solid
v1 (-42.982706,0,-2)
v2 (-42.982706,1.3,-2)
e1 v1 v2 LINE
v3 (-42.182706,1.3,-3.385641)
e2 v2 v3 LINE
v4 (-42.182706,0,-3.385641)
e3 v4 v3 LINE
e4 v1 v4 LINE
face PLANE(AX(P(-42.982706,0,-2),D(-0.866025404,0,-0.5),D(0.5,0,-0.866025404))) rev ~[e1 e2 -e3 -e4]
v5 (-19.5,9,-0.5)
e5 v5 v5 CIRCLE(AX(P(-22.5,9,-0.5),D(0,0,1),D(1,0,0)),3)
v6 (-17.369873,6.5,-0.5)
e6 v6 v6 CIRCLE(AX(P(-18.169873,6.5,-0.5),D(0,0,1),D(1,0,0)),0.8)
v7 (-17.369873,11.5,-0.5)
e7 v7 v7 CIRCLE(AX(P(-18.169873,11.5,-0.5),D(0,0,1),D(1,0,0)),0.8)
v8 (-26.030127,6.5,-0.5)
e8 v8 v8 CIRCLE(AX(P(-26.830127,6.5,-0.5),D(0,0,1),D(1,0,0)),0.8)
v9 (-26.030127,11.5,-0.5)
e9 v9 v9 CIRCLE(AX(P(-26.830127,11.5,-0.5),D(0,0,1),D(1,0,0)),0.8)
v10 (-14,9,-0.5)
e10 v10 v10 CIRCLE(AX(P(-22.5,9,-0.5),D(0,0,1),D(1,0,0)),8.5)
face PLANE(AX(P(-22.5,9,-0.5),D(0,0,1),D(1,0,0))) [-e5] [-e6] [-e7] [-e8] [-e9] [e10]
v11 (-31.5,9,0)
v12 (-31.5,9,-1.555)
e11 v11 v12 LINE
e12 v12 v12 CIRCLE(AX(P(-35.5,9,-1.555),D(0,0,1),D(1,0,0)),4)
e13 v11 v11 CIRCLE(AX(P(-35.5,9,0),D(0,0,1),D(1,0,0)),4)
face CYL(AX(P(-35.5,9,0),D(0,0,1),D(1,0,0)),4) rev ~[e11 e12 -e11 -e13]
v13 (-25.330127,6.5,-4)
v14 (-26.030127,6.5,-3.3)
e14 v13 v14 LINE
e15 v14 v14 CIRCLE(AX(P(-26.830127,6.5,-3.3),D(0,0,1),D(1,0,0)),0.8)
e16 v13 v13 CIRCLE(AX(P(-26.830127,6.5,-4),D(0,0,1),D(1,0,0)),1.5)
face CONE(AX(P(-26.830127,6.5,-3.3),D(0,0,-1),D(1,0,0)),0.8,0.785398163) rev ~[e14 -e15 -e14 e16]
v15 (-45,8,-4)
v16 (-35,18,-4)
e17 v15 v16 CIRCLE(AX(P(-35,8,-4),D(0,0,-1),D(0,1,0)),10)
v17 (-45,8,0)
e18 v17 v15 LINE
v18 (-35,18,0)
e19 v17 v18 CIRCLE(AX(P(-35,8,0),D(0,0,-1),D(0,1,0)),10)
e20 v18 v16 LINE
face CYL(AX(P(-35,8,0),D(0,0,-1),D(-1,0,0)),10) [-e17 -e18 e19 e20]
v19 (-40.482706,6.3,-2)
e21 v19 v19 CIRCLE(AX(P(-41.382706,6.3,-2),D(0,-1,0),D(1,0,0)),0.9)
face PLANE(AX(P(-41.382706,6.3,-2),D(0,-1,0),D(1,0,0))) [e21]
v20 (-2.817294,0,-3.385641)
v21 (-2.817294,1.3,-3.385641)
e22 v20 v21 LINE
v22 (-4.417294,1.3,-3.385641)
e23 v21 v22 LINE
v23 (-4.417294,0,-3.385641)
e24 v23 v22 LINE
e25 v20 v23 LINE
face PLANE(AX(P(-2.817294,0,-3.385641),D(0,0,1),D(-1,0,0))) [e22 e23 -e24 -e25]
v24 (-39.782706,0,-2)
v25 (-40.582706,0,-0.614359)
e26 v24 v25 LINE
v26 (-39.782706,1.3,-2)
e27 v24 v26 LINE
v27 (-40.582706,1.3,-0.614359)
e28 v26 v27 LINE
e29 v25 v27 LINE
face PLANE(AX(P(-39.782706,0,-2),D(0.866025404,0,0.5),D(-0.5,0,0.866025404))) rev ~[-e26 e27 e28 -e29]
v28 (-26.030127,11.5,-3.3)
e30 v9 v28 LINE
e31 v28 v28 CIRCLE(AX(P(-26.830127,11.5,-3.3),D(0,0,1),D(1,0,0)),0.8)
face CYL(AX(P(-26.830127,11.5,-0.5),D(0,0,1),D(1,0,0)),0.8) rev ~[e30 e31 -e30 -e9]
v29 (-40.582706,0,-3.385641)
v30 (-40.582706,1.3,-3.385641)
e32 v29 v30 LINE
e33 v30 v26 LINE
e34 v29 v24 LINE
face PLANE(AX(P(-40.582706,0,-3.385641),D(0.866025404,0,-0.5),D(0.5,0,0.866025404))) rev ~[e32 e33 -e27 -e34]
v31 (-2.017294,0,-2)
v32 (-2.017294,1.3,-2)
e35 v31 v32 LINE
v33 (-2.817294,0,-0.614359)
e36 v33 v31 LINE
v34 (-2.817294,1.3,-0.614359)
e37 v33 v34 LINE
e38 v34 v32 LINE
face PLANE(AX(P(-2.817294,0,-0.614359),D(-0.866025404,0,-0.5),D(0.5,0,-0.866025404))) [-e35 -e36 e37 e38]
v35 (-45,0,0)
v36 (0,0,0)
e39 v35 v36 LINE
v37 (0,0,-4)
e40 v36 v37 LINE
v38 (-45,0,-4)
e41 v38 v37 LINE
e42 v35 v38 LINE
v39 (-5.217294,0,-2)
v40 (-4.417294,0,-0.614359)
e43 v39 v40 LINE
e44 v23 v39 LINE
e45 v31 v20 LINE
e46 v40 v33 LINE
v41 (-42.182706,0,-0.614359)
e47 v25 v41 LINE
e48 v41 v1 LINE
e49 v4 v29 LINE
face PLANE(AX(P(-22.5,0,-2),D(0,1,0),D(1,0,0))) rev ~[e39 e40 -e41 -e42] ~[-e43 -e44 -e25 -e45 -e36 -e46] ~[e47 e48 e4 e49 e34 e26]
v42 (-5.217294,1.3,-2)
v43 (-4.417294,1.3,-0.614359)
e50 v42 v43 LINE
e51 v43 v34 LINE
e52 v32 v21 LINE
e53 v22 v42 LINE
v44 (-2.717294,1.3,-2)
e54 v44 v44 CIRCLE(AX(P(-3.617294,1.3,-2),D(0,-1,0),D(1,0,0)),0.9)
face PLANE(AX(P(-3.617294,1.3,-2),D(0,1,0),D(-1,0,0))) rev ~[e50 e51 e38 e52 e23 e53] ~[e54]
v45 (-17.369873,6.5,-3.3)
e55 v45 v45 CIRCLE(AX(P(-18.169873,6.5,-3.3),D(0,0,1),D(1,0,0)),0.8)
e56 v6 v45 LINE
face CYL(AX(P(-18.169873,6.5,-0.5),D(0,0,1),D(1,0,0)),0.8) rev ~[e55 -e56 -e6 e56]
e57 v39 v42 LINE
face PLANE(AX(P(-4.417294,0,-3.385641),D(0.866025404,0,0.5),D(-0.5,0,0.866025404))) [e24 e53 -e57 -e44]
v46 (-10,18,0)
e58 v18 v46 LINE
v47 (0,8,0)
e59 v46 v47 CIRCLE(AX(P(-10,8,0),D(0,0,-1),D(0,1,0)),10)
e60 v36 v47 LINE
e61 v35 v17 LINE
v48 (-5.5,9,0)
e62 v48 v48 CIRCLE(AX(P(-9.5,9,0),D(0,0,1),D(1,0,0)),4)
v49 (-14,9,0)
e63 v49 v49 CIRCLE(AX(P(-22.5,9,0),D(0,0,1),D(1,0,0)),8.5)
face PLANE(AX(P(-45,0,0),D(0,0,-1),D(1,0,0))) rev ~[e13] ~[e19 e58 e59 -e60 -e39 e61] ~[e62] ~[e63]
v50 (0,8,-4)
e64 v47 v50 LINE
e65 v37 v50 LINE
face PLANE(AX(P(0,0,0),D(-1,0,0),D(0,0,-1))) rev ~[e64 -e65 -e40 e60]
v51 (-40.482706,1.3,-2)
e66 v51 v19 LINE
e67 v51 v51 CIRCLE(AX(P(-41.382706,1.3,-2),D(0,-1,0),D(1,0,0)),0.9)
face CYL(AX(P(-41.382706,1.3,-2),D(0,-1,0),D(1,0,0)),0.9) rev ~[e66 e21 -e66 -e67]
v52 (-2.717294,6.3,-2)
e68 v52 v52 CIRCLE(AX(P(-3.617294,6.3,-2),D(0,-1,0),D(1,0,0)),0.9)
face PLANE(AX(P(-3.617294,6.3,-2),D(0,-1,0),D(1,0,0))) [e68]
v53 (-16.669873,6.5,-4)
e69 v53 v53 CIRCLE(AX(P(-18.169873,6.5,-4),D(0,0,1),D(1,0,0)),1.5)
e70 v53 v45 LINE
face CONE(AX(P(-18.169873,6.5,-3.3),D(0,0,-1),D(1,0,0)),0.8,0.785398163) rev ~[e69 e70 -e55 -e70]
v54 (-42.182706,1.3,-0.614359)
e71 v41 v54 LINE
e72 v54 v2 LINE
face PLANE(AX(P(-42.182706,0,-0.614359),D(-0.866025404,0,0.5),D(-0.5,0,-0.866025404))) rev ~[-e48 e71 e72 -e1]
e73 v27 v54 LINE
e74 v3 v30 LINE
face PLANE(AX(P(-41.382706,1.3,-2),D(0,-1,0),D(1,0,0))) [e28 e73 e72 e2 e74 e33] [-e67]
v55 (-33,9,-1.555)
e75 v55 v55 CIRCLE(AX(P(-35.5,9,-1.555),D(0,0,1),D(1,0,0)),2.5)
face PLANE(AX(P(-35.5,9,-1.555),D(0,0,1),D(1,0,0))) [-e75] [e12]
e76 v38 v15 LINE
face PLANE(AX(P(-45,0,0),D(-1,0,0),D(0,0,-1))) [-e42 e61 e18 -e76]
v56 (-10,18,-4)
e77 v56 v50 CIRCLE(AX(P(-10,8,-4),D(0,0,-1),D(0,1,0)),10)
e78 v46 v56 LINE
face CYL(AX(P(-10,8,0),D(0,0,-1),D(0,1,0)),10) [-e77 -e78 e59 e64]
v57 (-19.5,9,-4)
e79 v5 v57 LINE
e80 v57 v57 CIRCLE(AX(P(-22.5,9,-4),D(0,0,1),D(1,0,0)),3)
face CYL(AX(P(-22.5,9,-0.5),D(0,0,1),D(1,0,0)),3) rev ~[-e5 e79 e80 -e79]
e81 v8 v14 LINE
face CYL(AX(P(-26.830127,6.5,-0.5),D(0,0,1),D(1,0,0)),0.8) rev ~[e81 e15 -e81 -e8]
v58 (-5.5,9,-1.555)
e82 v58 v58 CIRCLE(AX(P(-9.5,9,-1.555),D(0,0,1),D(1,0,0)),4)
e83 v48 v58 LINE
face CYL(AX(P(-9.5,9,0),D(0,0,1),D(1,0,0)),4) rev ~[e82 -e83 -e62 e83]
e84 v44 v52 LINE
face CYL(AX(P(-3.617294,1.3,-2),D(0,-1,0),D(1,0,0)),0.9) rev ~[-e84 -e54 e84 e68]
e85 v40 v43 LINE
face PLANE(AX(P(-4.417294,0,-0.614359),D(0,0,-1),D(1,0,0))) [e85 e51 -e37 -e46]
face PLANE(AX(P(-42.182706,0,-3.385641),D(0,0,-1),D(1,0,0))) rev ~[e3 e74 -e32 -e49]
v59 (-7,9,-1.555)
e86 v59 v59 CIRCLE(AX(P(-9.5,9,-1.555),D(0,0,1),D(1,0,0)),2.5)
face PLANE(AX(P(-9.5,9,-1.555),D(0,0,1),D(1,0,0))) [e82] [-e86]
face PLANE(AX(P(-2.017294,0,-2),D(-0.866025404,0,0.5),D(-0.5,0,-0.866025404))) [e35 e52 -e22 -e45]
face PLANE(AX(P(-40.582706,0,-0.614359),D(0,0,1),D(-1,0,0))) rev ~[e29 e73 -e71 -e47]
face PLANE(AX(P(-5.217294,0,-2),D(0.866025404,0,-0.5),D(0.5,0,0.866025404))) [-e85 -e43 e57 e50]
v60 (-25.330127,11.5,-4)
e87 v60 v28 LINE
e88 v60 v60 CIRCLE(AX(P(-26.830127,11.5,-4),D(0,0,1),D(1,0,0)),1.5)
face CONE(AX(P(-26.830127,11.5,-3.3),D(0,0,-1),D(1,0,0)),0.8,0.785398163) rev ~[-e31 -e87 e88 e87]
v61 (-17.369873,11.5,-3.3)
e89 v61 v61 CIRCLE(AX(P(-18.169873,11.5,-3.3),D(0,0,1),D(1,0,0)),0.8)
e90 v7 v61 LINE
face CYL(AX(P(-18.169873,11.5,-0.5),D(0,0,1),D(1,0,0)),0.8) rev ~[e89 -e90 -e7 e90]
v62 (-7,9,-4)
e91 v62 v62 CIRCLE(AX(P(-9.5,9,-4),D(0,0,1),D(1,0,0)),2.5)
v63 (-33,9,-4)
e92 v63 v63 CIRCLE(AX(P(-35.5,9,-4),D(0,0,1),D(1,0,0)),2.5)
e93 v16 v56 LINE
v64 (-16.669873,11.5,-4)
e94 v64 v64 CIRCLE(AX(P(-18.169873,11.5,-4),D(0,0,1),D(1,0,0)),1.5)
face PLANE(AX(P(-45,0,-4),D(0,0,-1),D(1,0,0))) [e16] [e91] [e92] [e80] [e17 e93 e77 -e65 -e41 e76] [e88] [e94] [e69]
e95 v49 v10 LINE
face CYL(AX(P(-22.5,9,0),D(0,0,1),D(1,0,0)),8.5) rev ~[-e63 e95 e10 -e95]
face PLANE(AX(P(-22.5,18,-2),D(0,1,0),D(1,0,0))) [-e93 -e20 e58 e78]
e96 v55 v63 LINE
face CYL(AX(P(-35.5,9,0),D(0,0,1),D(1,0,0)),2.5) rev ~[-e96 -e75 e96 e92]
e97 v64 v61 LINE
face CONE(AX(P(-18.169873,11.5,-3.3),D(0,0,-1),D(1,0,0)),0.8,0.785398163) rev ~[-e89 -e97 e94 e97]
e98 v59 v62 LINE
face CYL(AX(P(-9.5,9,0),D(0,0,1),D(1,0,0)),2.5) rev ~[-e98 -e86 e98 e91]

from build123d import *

# Parameters (mm, degrees)
SKETCH1_W           = 45
SKETCH1_H           = 4
BOSS_EXTRUDE1_DEPTH = 18
SKETCH2_R           = 8.5
CUT_EXTRUDE2_DEPTH  = 0.5
SKETCH3_R           = 3
CUT_EXTRUDE3_DEPTH  = 4.5
SKETCH4_R           = 2.5
CUT_EXTRUDE4_DEPTH  = 5
SKETCH6_R           = 0.8
CUT_EXTRUDE6_DEPTH  = 4.5
FILLET1_R           = 10
SKETCH7_R           = 4
CUT_EXTRUDE7_DEPTH  = 1.555
CUT_EXTRUDE8_DEPTH  = 1.3
SKETCH9_R           = 0.9
CUT_EXTRUDE9_DEPTH  = 5
SKETCH10_R          = 0.9
CUT_EXTRUDE10_DEPTH = 5
CHAMFER1_SIZE       = 0.7


with BuildPart() as part:
    # Sketch1 → Boss-Extrude1 (new body)
    with BuildSketch(Plane(origin=(0, 0, 0), x_dir=(1, 0, 0), z_dir=(0, 1, 0))):
        with Locations((-22.5, 2)):
            Rectangle(SKETCH1_W, SKETCH1_H)
    extrude(amount=BOSS_EXTRUDE1_DEPTH)

    # Sketch2 → Cut-Extrude2 (cut)
    with BuildSketch(Plane.XY):
        with Locations((-22.5, 9)):
            Circle(SKETCH2_R)
    extrude(amount=-CUT_EXTRUDE2_DEPTH, mode=Mode.SUBTRACT)

    # Sketch3 → Cut-Extrude3 (cut, through all)
    with BuildSketch(Plane.XY.offset(-0.5)):
        with Locations((-22.5, 9)):
            Circle(SKETCH3_R)
    extrude(amount=-CUT_EXTRUDE3_DEPTH, mode=Mode.SUBTRACT)

    # Sketch4 → Cut-Extrude4 (cut, through all)
    with BuildSketch(Plane.XY):
        with Locations((-35.5, 9)):
            Circle(SKETCH4_R)
        with Locations((-9.5, 9)):
            Circle(SKETCH4_R)
    extrude(amount=-CUT_EXTRUDE4_DEPTH, mode=Mode.SUBTRACT)

    # Sketch6 → Cut-Extrude6 (cut, through all)
    with BuildSketch(Plane.XY.offset(-0.5)):
        with Locations((-18.169872981, 11.5)):
            Circle(SKETCH6_R)
        with Locations((-18.169872981, 6.5)):
            Circle(SKETCH6_R)
        with Locations((-26.830127019, 6.5)):
            Circle(SKETCH6_R)
        with Locations((-26.830127019, 11.5)):
            Circle(SKETCH6_R)
    extrude(amount=-CUT_EXTRUDE6_DEPTH, mode=Mode.SUBTRACT)

    # Fillet1
    fillet1_edges = [part.edges().sort_by_distance(p)[0] for p in [
        (-45, 18, -2),
        (0, 18, -2),
    ]]
    fillet(fillet1_edges, radius=FILLET1_R)

    # Sketch7 → Cut-Extrude7 (cut)
    with BuildSketch(Plane.XY):
        with Locations((-35.5, 9)):
            Circle(SKETCH7_R)
        with Locations((-9.5, 9)):
            Circle(SKETCH7_R)
    extrude(amount=-CUT_EXTRUDE7_DEPTH, mode=Mode.SUBTRACT)

    # Sketch8 → Cut-Extrude8 (cut)
    with BuildSketch(Plane.XZ):
        Polygon((-5.217293911, -2), (-4.417293911, -0.614359354), (-2.817293911, -0.614359354), (-2.017293911, -2), (-2.817293911, -3.385640646), (-4.417293911, -3.385640646), align=None)
        Polygon((-39.782706089, -2), (-40.582706089, -0.614359354), (-42.182706089, -0.614359354), (-42.982706089, -2), (-42.182706089, -3.385640646), (-40.582706089, -3.385640646), align=None)
    extrude(amount=-CUT_EXTRUDE8_DEPTH, mode=Mode.SUBTRACT)

    # Sketch9 → Cut-Extrude9 (cut)
    with BuildSketch(Plane.XZ.offset(-1.3)):
        with Locations((-41.382706089, -2)):
            Circle(SKETCH9_R)
    extrude(amount=-CUT_EXTRUDE9_DEPTH, mode=Mode.SUBTRACT)

    # Sketch10 → Cut-Extrude10 (cut)
    with BuildSketch(Plane.XZ.offset(-1.3)):
        with Locations((-3.617293911, -2)):
            Circle(SKETCH10_R)
    extrude(amount=-CUT_EXTRUDE10_DEPTH, mode=Mode.SUBTRACT)

    # Chamfer1
    chamfer1_edges = [part.edges().sort_by_distance(p)[0] for p in [
        (-27.630127019, 11.5, -4),
        (-18.969872981, 11.5, -4),
        (-18.969872981, 6.5, -4),
        (-27.630127019, 6.5, -4),
    ]]
    chamfer(chamfer1_edges, length=CHAMFER1_SIZE)


solid = part.part
